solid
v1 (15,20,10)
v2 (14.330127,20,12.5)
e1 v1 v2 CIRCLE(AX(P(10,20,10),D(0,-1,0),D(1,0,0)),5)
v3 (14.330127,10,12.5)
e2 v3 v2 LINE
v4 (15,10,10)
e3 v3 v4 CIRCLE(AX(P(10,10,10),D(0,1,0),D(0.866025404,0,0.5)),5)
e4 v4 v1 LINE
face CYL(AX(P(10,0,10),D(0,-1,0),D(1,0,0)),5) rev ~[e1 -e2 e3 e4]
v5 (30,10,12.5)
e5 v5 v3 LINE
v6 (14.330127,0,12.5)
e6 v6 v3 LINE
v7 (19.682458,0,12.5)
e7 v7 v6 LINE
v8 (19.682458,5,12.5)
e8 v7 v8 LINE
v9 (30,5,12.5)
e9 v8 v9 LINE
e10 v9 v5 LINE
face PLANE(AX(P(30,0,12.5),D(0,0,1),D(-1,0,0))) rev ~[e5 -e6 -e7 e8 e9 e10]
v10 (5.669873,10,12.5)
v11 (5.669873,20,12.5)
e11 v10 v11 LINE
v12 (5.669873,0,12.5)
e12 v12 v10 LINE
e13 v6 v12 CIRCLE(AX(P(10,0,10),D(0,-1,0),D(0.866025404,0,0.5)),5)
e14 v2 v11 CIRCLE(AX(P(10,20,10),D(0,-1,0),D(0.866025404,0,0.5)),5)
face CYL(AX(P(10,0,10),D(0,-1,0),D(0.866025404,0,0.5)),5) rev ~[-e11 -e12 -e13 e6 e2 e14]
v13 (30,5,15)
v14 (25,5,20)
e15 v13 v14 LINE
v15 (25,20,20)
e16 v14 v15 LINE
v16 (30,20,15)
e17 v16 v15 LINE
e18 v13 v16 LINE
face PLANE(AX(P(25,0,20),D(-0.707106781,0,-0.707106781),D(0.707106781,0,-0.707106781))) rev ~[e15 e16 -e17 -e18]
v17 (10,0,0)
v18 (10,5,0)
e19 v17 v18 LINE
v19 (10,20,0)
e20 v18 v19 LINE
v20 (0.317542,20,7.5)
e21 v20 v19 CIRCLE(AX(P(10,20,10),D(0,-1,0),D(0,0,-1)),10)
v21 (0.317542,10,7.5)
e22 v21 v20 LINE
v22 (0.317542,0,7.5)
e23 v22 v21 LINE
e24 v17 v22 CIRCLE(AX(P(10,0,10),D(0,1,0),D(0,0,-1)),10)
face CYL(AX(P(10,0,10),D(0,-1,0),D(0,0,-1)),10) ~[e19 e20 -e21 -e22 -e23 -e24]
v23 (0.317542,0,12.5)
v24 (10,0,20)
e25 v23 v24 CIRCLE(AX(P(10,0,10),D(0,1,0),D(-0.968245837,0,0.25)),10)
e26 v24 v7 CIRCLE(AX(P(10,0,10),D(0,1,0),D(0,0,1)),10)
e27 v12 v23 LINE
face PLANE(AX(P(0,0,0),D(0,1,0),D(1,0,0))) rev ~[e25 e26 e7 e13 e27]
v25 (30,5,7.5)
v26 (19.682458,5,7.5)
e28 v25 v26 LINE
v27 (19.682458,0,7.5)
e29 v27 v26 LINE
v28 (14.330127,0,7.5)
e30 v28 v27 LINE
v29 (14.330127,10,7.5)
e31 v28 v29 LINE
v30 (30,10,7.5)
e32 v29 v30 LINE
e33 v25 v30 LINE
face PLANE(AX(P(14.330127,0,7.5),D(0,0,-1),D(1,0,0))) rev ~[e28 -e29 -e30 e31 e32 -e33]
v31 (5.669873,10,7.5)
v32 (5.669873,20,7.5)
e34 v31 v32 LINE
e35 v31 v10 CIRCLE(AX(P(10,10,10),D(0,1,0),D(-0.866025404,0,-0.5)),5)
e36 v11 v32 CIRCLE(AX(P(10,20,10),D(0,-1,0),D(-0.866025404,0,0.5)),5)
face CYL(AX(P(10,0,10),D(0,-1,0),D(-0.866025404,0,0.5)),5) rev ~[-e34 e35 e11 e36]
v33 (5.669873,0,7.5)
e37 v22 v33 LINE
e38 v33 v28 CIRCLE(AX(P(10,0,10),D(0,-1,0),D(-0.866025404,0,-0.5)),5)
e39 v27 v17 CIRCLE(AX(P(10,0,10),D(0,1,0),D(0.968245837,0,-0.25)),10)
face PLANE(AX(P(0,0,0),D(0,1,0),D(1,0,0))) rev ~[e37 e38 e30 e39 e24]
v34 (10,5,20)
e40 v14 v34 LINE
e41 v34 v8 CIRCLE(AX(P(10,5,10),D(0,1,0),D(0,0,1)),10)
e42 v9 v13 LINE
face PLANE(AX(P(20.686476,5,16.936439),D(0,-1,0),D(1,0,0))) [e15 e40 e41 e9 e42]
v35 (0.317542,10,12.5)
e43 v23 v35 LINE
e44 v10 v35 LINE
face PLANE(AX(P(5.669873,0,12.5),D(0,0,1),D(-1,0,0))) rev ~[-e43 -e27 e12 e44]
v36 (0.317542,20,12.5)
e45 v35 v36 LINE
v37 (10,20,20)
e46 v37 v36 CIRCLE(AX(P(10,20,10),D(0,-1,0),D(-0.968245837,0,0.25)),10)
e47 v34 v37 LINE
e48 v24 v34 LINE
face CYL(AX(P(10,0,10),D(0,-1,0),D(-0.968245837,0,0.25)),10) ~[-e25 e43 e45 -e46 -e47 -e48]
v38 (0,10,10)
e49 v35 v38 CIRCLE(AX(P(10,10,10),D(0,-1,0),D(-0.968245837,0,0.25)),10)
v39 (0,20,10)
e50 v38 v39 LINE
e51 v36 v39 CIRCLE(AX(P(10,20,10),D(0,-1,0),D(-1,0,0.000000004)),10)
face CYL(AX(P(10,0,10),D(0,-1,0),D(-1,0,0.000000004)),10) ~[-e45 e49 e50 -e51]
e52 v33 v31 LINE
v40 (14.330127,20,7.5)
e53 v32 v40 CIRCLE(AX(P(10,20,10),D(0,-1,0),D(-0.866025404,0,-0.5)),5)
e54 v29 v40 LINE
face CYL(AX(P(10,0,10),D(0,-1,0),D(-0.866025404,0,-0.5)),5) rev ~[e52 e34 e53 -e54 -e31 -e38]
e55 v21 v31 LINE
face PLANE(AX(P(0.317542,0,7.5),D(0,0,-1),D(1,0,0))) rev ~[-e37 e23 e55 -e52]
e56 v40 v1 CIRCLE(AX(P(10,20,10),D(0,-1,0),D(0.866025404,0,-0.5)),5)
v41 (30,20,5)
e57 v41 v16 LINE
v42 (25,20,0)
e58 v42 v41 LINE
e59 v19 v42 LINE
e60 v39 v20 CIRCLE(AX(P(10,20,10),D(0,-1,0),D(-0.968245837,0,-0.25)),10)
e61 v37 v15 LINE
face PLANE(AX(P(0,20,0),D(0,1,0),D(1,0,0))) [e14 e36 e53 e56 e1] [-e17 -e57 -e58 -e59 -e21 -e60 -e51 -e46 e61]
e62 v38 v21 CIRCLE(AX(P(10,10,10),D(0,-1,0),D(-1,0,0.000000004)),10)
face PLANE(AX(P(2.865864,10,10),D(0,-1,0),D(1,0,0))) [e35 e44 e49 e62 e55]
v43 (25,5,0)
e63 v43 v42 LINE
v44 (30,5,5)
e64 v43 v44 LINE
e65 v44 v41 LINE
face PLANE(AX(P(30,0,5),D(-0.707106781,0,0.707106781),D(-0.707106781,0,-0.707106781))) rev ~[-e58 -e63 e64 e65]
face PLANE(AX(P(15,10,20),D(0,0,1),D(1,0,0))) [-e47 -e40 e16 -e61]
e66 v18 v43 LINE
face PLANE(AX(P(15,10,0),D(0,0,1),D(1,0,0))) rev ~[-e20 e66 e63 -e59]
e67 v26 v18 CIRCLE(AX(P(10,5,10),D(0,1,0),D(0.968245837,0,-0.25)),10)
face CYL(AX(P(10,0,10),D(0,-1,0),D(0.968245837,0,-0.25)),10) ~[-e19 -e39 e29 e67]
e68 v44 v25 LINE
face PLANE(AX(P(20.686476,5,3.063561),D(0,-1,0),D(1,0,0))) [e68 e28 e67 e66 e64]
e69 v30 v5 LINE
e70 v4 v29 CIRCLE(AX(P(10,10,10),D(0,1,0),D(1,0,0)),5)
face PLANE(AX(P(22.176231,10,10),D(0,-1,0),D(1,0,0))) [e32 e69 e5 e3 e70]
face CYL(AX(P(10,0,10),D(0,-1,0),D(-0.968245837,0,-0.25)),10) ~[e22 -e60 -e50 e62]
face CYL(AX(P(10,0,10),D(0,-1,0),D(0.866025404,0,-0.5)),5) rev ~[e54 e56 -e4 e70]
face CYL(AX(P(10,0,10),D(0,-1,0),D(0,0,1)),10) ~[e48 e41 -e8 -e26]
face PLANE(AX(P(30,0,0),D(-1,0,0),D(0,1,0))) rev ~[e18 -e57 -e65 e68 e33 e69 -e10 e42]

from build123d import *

# Parameters (mm, degrees)
F0_W     = 30
F0_H     = 20
F1_DEPTH = 20
F3_DEPTH = 20.001
F4_DEPTH = 10
F5_DEPTH = 5


with BuildPart() as f1:
    # F0 (on Top) → F1 (new body)
    with BuildSketch(Plane.XY):
        with Locations((15, 10)):
            Rectangle(F0_W, F0_H)
    extrude(amount=F1_DEPTH)

    # F2 (on face) → F3 (cut, through all)
    with BuildSketch(Plane.XZ):
        with BuildLine():
            ThreePointArc((0.3175416345, 12.5), (3.876275643, 17.9056941504), (10, 20))
            Line((10, 20), (0, 20))
            Line((0, 20), (0, 10.0000000432))
            ThreePointArc((0, 10.0000000432), (0.07970304, 11.2600429462), (0.3175416345, 12.5))
        make_face()
        with BuildLine():
            ThreePointArc((0.3175416345, 7.5), (0.0797030346, 8.7399570966), (0, 10.0000000432))
            Line((0, 10.0000000432), (0, 0))
            Line((0, 0), (10, 0))
            ThreePointArc((10, 0), (3.876275643, 2.0943058496), (0.3175416345, 7.5))
        make_face()
        with BuildLine():
            ThreePointArc((15, 10), (14.8296291314, 11.2940952255), (14.3301270189, 12.5))
            ThreePointArc((14.3301270189, 12.5), (10, 15), (5.6698729811, 12.5))
            ThreePointArc((5.6698729811, 12.5), (5, 10), (5.6698729811, 7.5))
            ThreePointArc((5.6698729811, 7.5), (10, 5), (14.3301270189, 7.5))
            ThreePointArc((14.3301270189, 7.5), (14.8296291314, 8.7059047745), (15, 10))
        make_face()
        Polygon((30, 20), (25, 20), (30, 15), align=None)
        Polygon((30, 0), (30, 5), (25, 0), align=None)
    extrude(amount=-F3_DEPTH, mode=Mode.SUBTRACT)

    # F2 (on face) → F4 (cut)
    with BuildSketch(Plane.XZ):
        with BuildLine():
            Line((30, 7.5), (30, 12.5))
            Line((30, 12.5), (19.6824583655, 12.5))
            Line((19.6824583655, 12.5), (14.3301270189, 12.5))
            ThreePointArc((14.3301270189, 12.5), (14.8296291314, 11.2940952255), (15, 10))
            ThreePointArc((15, 10), (14.8296291314, 8.7059047745), (14.3301270189, 7.5))
            Line((14.3301270189, 7.5), (19.6824583655, 7.5))
            Line((19.6824583655, 7.5), (30, 7.5))
        make_face()
        with BuildLine():
            Line((5.6698729811, 12.5), (0.3175416345, 12.5))
            ThreePointArc((0.3175416345, 12.5), (0.07970304, 11.2600429462), (0, 10.0000000432))
            ThreePointArc((0, 10.0000000432), (0.0797030346, 8.7399570966), (0.3175416345, 7.5))
            Line((0.3175416345, 7.5), (5.6698729811, 7.5))
            ThreePointArc((5.6698729811, 7.5), (5, 10), (5.6698729811, 12.5))
        make_face()
    extrude(amount=-F4_DEPTH, mode=Mode.SUBTRACT)

    # F2 (on face) → F5 (cut)
    with BuildSketch(Plane.XZ):
        with BuildLine():
            Line((30, 5), (30, 7.5))
            Line((30, 7.5), (19.6824583655, 7.5))
            ThreePointArc((19.6824583655, 7.5), (16.123724357, 2.0943058496), (10, 0))
            Line((10, 0), (25, 0))
            Line((25, 0), (30, 5))
        make_face()
        with BuildLine():
            Line((30, 15), (25, 20))
            Line((25, 20), (10, 20))
            ThreePointArc((10, 20), (16.123724357, 17.9056941504), (19.6824583655, 12.5))
            Line((19.6824583655, 12.5), (30, 12.5))
            Line((30, 12.5), (30, 15))
        make_face()
    extrude(amount=-F5_DEPTH, mode=Mode.SUBTRACT)


solid = f1.part
